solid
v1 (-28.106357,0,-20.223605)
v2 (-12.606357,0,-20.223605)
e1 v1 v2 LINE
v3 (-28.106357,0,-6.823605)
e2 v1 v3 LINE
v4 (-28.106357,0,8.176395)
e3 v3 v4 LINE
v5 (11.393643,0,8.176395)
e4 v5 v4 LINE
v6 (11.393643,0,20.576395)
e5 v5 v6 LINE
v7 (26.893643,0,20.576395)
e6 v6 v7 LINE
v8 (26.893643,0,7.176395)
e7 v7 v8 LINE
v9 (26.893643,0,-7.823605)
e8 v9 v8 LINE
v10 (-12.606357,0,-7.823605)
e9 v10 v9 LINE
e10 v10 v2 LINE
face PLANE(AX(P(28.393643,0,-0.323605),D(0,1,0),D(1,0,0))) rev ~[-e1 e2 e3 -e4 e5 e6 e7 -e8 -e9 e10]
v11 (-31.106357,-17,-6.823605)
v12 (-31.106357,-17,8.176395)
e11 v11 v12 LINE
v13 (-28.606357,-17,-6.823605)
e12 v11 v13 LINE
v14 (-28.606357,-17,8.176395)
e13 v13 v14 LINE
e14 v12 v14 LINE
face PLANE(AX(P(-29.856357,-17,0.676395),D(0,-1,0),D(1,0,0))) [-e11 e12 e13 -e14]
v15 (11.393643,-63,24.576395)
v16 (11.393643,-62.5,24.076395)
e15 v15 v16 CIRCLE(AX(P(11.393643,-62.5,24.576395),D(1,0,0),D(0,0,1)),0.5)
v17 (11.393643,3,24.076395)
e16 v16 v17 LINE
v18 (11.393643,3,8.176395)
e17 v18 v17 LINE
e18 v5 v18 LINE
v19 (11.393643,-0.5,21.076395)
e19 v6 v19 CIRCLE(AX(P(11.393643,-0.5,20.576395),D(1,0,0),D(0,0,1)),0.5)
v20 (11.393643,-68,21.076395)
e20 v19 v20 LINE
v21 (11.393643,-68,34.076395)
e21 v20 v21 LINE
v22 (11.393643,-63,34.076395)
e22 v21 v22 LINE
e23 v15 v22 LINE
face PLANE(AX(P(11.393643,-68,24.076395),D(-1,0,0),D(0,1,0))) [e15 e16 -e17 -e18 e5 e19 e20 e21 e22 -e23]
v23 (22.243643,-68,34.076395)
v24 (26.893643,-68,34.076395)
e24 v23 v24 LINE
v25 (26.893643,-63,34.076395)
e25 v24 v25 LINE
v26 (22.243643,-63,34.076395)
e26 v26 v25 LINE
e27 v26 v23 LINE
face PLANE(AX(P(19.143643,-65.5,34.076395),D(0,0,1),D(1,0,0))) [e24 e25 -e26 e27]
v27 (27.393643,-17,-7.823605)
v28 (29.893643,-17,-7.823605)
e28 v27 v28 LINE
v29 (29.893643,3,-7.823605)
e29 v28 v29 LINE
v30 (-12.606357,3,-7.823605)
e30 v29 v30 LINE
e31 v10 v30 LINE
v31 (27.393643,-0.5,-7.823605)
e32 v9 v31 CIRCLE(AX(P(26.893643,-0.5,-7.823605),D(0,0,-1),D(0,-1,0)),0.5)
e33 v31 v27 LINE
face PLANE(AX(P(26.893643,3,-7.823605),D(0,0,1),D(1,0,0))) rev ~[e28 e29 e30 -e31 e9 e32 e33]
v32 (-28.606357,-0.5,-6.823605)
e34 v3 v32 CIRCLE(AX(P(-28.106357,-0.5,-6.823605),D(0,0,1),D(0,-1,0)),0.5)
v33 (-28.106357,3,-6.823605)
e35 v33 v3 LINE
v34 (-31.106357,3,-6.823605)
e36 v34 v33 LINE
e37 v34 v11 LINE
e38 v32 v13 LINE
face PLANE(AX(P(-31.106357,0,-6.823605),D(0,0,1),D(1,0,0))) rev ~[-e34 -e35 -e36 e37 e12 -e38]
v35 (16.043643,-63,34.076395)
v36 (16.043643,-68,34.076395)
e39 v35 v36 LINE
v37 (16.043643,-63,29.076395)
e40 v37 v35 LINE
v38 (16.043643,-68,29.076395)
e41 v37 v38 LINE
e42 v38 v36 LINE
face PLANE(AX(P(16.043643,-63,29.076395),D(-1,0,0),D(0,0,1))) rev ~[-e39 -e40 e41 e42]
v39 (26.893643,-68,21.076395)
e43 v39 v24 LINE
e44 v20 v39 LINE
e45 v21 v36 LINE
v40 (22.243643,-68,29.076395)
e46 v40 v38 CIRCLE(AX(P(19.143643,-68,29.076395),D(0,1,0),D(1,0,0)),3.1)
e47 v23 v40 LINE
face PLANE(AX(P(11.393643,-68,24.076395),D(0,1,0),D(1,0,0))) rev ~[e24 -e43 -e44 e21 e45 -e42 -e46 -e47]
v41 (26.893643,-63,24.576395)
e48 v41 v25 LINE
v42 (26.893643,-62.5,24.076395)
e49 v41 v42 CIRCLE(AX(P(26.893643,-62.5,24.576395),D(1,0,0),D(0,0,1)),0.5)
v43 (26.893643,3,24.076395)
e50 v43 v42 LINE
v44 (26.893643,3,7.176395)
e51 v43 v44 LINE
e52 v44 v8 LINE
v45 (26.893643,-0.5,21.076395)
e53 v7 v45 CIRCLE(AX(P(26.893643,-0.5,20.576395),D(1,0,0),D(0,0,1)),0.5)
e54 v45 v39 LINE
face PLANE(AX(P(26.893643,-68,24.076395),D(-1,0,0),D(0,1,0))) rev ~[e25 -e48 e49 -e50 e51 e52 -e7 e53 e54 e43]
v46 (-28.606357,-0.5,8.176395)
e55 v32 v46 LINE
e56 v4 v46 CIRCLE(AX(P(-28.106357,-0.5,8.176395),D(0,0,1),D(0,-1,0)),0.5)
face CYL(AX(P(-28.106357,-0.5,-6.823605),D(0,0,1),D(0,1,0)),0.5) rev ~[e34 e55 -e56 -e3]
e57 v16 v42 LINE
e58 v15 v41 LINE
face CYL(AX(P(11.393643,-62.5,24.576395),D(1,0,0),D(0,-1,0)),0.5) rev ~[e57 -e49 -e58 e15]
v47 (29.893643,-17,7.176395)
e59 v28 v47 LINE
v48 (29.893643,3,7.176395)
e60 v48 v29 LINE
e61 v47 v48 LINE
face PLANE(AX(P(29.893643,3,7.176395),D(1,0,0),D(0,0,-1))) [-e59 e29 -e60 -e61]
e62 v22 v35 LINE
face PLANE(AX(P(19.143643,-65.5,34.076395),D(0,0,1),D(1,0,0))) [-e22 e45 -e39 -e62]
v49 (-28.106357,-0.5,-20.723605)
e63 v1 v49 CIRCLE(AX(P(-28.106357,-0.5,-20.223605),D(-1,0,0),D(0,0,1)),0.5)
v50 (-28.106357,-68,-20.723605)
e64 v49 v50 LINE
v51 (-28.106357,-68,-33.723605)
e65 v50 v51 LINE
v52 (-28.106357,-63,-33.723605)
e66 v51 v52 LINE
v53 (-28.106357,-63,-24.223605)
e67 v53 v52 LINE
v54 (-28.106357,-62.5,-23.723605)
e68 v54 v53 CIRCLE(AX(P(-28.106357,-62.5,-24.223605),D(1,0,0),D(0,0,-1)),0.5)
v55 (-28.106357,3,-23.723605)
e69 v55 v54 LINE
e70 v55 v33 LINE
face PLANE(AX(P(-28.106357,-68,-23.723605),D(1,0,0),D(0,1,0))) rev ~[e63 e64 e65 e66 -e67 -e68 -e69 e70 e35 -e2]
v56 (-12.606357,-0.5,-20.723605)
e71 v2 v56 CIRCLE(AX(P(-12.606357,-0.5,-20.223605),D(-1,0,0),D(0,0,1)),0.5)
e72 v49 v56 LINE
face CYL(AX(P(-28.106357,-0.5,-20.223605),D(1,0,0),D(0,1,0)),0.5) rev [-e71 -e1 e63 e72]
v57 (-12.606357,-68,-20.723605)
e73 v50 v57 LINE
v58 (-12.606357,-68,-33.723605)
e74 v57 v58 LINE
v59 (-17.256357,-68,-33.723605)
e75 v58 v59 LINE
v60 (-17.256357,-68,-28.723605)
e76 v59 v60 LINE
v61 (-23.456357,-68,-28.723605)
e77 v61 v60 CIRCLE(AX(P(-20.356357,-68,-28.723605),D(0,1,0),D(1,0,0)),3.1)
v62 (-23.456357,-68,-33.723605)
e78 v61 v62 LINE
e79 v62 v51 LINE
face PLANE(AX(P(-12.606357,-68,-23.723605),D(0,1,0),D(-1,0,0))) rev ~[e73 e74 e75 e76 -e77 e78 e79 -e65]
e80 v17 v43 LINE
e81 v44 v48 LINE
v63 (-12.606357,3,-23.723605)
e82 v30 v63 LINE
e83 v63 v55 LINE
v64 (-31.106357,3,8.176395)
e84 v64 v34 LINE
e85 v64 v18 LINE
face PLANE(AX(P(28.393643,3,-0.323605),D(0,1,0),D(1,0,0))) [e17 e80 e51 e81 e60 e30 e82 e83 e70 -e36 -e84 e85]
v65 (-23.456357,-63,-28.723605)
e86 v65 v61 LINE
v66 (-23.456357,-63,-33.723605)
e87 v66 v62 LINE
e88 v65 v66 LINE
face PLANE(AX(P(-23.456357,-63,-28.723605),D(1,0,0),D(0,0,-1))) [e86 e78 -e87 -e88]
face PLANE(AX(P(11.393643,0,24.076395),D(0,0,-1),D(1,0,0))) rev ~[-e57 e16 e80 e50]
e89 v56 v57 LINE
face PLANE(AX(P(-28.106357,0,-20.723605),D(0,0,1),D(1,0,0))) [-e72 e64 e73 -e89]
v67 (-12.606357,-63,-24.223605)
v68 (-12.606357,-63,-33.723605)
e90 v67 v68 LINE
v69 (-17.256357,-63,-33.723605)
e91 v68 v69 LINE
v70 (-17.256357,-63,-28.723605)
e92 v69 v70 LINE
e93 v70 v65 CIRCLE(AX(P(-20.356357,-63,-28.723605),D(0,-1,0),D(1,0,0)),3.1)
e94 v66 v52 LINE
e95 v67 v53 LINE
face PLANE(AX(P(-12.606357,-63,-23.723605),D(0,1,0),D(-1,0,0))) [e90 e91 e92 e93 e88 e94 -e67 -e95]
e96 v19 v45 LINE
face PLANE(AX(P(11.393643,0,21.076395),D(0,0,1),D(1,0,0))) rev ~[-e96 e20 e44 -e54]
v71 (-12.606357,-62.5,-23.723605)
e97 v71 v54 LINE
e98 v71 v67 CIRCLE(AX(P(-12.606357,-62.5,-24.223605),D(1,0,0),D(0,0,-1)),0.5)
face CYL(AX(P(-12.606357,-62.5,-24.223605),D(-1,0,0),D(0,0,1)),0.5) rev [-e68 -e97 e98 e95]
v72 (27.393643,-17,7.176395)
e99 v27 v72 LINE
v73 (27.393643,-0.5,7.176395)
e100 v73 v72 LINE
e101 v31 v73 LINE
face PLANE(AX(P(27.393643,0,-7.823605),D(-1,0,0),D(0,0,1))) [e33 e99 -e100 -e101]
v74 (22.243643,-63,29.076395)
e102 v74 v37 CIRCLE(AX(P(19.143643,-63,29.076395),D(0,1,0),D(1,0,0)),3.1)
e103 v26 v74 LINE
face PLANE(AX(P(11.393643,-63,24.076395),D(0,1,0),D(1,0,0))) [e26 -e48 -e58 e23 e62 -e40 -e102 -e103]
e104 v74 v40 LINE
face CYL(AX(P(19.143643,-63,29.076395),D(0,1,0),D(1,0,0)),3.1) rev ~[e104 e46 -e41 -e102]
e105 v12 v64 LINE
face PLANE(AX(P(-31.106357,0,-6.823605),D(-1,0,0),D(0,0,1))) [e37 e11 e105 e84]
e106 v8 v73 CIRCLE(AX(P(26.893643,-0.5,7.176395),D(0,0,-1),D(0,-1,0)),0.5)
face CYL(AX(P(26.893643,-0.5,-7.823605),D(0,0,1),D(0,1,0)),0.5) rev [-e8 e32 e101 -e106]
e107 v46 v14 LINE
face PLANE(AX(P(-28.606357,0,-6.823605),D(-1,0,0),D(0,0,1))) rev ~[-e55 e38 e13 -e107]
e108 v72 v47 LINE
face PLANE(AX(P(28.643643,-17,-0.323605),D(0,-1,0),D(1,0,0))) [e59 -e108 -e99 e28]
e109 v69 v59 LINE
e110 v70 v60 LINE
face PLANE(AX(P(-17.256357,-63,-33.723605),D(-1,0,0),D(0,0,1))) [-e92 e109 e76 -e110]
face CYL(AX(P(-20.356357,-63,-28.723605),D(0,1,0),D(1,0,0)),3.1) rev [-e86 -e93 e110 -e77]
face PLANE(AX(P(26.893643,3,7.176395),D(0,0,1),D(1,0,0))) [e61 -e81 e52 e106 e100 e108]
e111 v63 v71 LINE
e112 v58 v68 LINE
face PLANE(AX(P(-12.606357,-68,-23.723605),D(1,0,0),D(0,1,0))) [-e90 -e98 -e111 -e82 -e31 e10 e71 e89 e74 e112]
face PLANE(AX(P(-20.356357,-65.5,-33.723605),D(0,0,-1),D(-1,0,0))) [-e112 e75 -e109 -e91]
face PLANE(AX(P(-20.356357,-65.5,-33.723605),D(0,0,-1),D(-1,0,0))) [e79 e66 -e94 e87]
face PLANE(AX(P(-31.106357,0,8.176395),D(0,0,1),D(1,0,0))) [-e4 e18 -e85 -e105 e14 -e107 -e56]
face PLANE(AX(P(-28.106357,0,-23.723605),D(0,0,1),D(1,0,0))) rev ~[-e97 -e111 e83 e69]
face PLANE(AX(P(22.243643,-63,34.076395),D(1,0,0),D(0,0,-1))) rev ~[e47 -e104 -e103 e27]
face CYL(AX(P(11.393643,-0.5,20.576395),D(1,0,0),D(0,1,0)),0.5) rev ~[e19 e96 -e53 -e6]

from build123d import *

# Parameters (mm, degrees)
SALIENTE_EXTRUIR1_DEPTH = 3
CROQUIS2_W              = 3
CROQUIS2_H              = 15
SALIENTE_EXTRUIR2_DEPTH = 3
CROQUIS3_W              = 2.5
CROQUIS3_H              = 15
SALIENTE_EXTRUIR3_DEPTH = 17
CROQUIS4_W              = 15.5
CROQUIS4_H              = 3
SALIENTE_EXTRUIR4_DEPTH = 68
CROQUIS5_W              = 15.5
CROQUIS5_H              = 5
SALIENTE_EXTRUIR5_DEPTH = 10
CROQUIS6_W              = 15.5
CROQUIS6_H              = 5
SALIENTE_EXTRUIR6_DEPTH = 10
CORTAR_EXTRUIR1_DEPTH   = 10
CORTAR_EXTRUIR2_DEPTH   = 10
REDONDEO2_R             = 0.5


with BuildPart() as part:
    # Croquis1 → Saliente-Extruir1 (new body)
    with BuildSketch(Plane(origin=(0, 0, 0), x_dir=(1, 0, 0), z_dir=(0, 1, 0))):
        Polygon((-28.106357332, -8.17639486), (11.393642668, -8.17639486), (11.393642668, -24.07639486), (26.893642668, -24.07639486), (26.893642668, -7.17639486), (26.893642668, 7.82360514), (-12.606357332, 7.82360514), (-12.606357332, 23.72360514), (-28.106357332, 23.72360514), (-28.106357332, 6.82360514), align=None)
    extrude(amount=SALIENTE_EXTRUIR1_DEPTH)

    # Croquis2 → Saliente-Extruir2 (add)
    with BuildSketch(Plane(origin=(0, 3, 0), x_dir=(1, 0, 0), z_dir=(0, 1, 0))):
        with Locations((28.393642668, 0.32360514)):
            Rectangle(CROQUIS2_W, CROQUIS2_H)
        with Locations((-29.606357332, -0.67639486)):
            Rectangle(CROQUIS2_W, CROQUIS2_H)
    extrude(amount=-SALIENTE_EXTRUIR2_DEPTH)

    # Croquis3 → Saliente-Extruir3 (add)
    with BuildSketch(Plane.XZ):
        with Locations((-29.856357332, 0.67639486)):
            Rectangle(CROQUIS3_W, CROQUIS3_H)
        with Locations((28.643642668, -0.32360514)):
            Rectangle(CROQUIS3_W, CROQUIS3_H)
    extrude(amount=SALIENTE_EXTRUIR3_DEPTH)

    # Croquis4 → Saliente-Extruir4 (add)
    with BuildSketch(Plane.XZ):
        with Locations((-20.356357332, -22.22360514)):
            Rectangle(CROQUIS4_W, CROQUIS4_H)
        with Locations((19.143642668, 22.57639486)):
            Rectangle(CROQUIS4_W, CROQUIS4_H)
    extrude(amount=SALIENTE_EXTRUIR4_DEPTH)

    # Croquis5 → Saliente-Extruir5 (add)
    with BuildSketch(Plane(origin=(0, 0, -23.72360514), x_dir=(-1, 0, 0), z_dir=(0, 0, -1))):
        with Locations((20.356357332, -65.5)):
            Rectangle(CROQUIS5_W, CROQUIS5_H)
    extrude(amount=SALIENTE_EXTRUIR5_DEPTH)

    # Croquis6 → Saliente-Extruir6 (add)
    with BuildSketch(Plane.XY.offset(24.07639486)):
        with Locations((19.143642668, -65.5)):
            Rectangle(CROQUIS6_W, CROQUIS6_H)
    extrude(amount=SALIENTE_EXTRUIR6_DEPTH)

    # Croquis7 → Cortar-Extruir1 (cut)
    with BuildSketch(Plane(origin=(0, -63, 0), x_dir=(1, 0, 0), z_dir=(0, 1, 0))):
        with BuildLine():
            Line((16.043642668, -29.07639486), (16.043642668, -34.07639486))
            Line((16.043642668, -34.07639486), (22.243642668, -34.07639486))
            Line((22.243642668, -34.07639486), (22.243642668, -29.07639486))
            ThreePointArc((22.243642668, -29.07639486), (19.143642668, -25.97639486), (16.043642668, -29.07639486))
        make_face()
    extrude(amount=-CORTAR_EXTRUIR1_DEPTH, mode=Mode.SUBTRACT)

    # Croquis8 → Cortar-Extruir2 (cut)
    with BuildSketch(Plane(origin=(0, -63, 0), x_dir=(1, 0, 0), z_dir=(0, 1, 0))):
        with BuildLine():
            Line((-23.456357332, 28.72360514), (-23.456357332, 33.72360514))
            Line((-23.456357332, 33.72360514), (-17.256357332, 33.72360514))
            Line((-17.256357332, 33.72360514), (-17.256357332, 28.72360514))
            ThreePointArc((-17.256357332, 28.72360514), (-20.356357332, 25.62360514), (-23.456357332, 28.72360514))
        make_face()
    extrude(amount=-CORTAR_EXTRUIR2_DEPTH, mode=Mode.SUBTRACT)

    # Redondeo2
    redondeo2_edges = [part.edges().sort_by_distance(p)[0] for p in [
        (19.143642668, -63, 24.07639486),
        (19.143642668, 0, 21.07639486),
        (27.393642668, 0, -0.32360514),
        (-28.606357332, 0, 0.67639486),
        (-20.356357332, 0, -20.72360514),
        (-20.356357332, -63, -23.72360514),
    ]]
    fillet(redondeo2_edges, radius=REDONDEO2_R)


solid = part.part
